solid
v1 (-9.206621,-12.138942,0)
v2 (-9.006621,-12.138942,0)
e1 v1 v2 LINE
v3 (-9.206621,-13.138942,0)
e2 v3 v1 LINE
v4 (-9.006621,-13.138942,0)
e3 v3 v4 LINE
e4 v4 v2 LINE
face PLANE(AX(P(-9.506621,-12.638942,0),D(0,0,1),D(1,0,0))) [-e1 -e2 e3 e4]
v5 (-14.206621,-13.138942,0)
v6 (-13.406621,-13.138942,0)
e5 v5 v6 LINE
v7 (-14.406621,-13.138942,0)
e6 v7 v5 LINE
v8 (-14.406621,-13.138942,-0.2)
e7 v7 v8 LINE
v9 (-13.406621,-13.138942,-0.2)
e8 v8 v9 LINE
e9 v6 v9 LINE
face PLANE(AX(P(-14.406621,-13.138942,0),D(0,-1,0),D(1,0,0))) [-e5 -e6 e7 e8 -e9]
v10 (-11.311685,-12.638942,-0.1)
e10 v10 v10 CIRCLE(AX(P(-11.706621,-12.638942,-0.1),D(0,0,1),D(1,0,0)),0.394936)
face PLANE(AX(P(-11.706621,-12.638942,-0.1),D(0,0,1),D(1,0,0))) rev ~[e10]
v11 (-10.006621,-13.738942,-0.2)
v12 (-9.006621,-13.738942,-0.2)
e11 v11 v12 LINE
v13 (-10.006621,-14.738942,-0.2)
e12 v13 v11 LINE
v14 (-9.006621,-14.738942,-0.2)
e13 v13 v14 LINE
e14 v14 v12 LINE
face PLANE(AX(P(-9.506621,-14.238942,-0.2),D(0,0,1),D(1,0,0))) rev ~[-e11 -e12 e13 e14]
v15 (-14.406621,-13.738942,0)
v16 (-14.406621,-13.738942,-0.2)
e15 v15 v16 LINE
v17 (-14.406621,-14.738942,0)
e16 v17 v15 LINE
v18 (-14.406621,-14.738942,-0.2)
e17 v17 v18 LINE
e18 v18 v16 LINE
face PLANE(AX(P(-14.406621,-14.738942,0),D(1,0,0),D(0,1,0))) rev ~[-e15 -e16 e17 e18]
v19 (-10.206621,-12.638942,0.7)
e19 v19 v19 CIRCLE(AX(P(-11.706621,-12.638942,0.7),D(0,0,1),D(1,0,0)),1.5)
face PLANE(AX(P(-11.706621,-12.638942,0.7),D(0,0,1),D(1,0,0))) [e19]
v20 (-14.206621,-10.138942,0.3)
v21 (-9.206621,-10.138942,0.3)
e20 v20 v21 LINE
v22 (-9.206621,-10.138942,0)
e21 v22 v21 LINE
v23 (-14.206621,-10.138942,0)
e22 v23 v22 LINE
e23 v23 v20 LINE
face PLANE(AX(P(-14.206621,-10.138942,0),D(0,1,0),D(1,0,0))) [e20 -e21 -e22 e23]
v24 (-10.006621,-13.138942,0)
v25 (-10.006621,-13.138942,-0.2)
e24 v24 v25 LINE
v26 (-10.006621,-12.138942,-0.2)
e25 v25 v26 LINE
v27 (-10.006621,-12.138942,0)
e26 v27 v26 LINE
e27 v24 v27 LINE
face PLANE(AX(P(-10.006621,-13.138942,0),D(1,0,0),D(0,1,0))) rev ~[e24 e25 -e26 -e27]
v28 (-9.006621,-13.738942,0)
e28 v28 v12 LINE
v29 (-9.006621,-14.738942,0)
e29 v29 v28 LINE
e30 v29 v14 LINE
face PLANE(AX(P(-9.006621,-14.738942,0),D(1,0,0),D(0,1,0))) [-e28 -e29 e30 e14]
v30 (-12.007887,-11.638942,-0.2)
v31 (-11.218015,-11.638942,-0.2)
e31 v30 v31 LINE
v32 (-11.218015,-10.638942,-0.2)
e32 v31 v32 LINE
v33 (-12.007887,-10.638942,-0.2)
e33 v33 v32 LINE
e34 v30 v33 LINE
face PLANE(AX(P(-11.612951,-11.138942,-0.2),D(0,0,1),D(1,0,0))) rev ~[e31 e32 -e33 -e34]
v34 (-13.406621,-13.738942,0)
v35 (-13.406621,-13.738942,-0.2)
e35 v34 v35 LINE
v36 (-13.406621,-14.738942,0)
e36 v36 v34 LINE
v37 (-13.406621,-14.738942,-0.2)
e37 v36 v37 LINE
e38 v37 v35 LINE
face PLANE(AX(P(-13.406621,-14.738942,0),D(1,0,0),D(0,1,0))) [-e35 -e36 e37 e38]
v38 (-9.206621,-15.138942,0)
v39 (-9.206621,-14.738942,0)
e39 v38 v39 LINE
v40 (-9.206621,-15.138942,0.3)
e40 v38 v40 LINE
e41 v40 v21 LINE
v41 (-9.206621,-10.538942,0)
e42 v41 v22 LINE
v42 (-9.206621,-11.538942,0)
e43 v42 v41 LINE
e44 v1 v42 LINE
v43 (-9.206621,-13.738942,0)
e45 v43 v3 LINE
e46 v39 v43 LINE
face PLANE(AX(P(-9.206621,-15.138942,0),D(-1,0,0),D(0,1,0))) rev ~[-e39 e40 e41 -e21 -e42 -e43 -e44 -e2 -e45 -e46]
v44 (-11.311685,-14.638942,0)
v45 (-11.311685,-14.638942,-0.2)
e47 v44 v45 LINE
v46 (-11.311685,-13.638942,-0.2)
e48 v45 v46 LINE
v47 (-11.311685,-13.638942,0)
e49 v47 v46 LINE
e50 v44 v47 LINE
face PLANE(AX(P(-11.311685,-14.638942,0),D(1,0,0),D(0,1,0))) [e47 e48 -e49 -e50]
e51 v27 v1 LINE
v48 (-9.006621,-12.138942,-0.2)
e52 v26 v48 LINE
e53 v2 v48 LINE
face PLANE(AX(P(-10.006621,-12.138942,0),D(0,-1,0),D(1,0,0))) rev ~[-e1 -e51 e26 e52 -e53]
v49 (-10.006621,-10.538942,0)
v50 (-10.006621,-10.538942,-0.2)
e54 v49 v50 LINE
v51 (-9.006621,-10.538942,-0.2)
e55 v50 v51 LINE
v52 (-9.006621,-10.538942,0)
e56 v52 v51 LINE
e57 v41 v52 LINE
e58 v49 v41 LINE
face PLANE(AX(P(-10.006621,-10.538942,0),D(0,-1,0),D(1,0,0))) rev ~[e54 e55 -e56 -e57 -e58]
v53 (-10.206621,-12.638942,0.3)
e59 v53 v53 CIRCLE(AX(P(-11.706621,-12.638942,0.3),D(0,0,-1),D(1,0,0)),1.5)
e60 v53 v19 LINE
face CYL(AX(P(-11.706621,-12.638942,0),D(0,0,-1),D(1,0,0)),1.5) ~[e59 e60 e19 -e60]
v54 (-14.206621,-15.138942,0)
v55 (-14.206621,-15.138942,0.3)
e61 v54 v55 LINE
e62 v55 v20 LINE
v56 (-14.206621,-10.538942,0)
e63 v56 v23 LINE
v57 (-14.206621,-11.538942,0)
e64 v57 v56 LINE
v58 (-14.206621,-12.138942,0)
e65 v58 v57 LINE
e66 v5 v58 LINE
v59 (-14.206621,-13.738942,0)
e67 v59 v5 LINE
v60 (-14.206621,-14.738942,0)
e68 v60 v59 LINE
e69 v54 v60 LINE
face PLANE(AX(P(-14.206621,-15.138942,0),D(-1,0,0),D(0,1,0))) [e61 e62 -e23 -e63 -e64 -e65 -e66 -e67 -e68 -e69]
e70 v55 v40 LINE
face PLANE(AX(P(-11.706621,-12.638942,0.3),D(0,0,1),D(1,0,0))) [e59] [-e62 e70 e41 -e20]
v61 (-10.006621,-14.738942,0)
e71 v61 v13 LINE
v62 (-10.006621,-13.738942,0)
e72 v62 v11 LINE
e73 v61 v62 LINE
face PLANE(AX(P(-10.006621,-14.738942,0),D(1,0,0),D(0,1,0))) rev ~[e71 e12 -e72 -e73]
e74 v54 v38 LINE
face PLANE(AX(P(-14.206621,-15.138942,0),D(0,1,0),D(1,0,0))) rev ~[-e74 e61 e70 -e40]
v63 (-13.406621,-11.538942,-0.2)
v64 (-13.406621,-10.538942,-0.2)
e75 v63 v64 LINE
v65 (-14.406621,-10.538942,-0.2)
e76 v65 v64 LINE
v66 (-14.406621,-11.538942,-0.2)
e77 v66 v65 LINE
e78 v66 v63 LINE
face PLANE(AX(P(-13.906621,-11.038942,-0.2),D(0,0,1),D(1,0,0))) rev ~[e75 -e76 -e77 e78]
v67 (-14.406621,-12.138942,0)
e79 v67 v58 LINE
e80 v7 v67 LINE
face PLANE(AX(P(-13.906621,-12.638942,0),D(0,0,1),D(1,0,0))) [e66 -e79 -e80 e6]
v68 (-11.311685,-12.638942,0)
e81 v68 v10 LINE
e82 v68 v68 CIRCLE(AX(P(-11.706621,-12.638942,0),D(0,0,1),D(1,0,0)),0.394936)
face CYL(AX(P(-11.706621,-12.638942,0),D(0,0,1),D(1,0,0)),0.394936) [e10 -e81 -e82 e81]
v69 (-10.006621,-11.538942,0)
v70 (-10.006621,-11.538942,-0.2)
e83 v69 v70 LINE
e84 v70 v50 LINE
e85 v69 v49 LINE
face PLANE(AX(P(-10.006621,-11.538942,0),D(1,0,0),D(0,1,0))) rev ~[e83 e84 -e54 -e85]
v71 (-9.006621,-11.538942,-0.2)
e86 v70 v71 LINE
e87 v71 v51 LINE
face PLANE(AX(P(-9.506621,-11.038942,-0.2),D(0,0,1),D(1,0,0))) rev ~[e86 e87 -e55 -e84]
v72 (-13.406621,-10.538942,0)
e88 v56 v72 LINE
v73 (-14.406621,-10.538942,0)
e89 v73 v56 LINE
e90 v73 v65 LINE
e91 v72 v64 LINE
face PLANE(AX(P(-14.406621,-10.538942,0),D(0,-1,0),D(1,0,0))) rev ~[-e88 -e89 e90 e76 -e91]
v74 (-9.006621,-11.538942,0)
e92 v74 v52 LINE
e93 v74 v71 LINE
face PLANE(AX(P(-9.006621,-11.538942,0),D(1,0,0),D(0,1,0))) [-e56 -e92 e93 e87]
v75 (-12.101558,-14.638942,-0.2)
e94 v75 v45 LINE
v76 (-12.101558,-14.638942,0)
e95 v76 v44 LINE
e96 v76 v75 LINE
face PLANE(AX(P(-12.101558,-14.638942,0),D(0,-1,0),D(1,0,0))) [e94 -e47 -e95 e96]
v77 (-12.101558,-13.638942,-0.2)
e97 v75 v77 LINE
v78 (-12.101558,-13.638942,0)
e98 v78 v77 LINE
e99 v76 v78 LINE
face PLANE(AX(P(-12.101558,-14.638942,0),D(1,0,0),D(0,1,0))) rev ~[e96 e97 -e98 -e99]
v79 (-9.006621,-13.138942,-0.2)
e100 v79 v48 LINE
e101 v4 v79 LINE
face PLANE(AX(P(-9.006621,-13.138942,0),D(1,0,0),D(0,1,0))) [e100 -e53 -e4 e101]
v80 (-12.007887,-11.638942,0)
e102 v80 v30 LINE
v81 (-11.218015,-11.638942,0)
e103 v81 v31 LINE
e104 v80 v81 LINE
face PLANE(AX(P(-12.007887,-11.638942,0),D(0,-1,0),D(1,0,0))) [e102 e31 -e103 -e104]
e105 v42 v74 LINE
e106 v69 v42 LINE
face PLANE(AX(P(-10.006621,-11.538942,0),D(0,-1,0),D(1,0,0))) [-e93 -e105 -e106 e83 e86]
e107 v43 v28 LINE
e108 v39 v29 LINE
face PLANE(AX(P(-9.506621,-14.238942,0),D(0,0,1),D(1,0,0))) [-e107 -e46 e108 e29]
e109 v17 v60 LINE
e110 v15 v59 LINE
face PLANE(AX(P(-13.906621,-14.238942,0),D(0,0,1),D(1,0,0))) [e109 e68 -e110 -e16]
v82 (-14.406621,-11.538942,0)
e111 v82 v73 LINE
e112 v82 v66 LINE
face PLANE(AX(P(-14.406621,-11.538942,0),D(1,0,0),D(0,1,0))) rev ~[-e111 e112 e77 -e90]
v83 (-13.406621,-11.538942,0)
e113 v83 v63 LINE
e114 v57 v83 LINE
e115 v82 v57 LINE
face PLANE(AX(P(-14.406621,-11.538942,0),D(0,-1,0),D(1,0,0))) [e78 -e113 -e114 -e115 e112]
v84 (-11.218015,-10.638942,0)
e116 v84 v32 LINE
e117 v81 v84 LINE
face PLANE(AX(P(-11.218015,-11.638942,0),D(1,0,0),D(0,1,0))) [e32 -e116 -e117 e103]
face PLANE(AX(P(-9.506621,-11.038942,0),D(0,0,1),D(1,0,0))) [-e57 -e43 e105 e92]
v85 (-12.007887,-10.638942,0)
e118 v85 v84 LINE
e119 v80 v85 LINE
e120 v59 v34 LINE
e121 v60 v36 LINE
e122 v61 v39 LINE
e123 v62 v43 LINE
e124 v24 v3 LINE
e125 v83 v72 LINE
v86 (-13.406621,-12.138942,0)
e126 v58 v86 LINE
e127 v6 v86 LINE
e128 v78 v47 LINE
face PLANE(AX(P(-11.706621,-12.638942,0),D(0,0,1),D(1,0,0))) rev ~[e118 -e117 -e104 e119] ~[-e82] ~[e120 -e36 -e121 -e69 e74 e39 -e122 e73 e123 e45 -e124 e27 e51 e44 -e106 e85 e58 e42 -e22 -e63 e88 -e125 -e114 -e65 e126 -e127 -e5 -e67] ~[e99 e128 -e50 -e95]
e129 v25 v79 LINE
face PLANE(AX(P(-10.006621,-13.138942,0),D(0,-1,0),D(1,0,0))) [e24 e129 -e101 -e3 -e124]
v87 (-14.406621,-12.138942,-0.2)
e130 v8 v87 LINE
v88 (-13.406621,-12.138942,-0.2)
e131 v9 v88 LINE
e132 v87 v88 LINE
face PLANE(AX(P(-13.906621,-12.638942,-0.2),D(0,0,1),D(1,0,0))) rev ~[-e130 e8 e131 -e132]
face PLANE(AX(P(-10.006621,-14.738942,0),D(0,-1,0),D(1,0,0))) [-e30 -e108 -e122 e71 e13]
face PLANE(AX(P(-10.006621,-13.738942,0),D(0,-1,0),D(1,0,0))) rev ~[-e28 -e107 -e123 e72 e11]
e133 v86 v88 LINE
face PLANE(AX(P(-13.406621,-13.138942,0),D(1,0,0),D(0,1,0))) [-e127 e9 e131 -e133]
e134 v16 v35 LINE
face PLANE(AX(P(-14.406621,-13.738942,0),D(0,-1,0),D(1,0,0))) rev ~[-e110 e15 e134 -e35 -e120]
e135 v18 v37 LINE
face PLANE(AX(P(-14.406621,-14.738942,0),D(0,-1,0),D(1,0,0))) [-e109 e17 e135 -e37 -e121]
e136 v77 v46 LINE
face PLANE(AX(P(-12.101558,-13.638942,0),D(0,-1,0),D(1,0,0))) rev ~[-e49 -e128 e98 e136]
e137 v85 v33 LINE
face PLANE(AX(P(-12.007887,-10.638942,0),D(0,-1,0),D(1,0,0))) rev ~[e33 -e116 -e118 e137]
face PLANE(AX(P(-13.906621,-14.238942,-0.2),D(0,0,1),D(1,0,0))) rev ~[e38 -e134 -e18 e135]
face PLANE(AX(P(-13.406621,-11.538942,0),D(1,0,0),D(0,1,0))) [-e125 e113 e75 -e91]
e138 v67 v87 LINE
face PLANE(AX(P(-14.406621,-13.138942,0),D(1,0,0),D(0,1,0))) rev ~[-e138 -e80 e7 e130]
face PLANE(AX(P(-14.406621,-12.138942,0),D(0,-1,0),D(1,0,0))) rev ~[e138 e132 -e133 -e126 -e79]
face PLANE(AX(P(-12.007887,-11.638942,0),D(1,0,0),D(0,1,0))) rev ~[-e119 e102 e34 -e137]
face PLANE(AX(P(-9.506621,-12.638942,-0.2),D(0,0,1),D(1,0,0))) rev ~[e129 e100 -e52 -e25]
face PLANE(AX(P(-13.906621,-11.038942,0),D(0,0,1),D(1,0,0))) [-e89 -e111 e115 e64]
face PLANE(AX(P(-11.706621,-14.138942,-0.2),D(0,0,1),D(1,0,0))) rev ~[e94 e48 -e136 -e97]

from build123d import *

# Parameters (mm, degrees)
ESQUISSE1_W        = 5
ESQUISSE1_H        = 5
BOSS_EXTRU_2_DEPTH = 0.3
ESQUISSE1_5_R      = 1.5
BOSS_EXTRU_3_DEPTH = 0.7
ESQUISSE1_6_R      = 0.394936167
BOSS_EXTRU_4_DEPTH = 0.1
ESQUISSE1_7_W      = 1
ESQUISSE1_7_H      = 1
ESQUISSE1_7_W_2    = 0.789872334
BOSS_EXTRU_5_DEPTH = 0.2


with BuildPart() as part:
    # Esquisse1 → Boss.-Extru.2 (new body)
    with BuildSketch(Plane.XY):
        with Locations((-11.706621497, -12.638942011)):
            Rectangle(ESQUISSE1_W, ESQUISSE1_H)
    extrude(amount=BOSS_EXTRU_2_DEPTH)

    # Esquisse1<5> → Boss.-Extru.3 (add)
    with BuildSketch(Plane.XY):
        with Locations((-11.706621497, -12.638942011)):
            Circle(ESQUISSE1_5_R)
    extrude(amount=BOSS_EXTRU_3_DEPTH)

    # Esquisse1<6> → Boss.-Extru.4 (add)
    with BuildSketch(Plane.XY):
        with Locations((-11.706621497, -12.638942011)):
            Circle(ESQUISSE1_6_R)
    extrude(amount=-BOSS_EXTRU_4_DEPTH)

    # Esquisse1<7> → Boss.-Extru.5 (add)
    with BuildSketch(Plane.XY):
        with Locations((-13.906621497, -12.638942011)):
            Rectangle(ESQUISSE1_7_W, ESQUISSE1_7_H)
        with Locations((-11.612951228, -11.138942011)):
            Rectangle(ESQUISSE1_7_W_2, ESQUISSE1_7_H)
        with Locations((-11.706621497, -14.138942011)):
            Rectangle(ESQUISSE1_7_W_2, ESQUISSE1_7_H)
        with Locations((-13.906621497, -11.038942011)):
            Rectangle(ESQUISSE1_7_W, ESQUISSE1_7_H)
        with Locations((-13.906621497, -14.238942011)):
            Rectangle(ESQUISSE1_7_W, ESQUISSE1_7_H)
        with Locations((-9.506621497, -11.038942011)):
            Rectangle(ESQUISSE1_7_W, ESQUISSE1_7_H)
        with Locations((-9.506621497, -14.238942011)):
            Rectangle(ESQUISSE1_7_W, ESQUISSE1_7_H)
        with Locations((-9.506621497, -12.638942011)):
            Rectangle(ESQUISSE1_7_W, ESQUISSE1_7_H)
    extrude(amount=-BOSS_EXTRU_5_DEPTH)


solid = part.part
